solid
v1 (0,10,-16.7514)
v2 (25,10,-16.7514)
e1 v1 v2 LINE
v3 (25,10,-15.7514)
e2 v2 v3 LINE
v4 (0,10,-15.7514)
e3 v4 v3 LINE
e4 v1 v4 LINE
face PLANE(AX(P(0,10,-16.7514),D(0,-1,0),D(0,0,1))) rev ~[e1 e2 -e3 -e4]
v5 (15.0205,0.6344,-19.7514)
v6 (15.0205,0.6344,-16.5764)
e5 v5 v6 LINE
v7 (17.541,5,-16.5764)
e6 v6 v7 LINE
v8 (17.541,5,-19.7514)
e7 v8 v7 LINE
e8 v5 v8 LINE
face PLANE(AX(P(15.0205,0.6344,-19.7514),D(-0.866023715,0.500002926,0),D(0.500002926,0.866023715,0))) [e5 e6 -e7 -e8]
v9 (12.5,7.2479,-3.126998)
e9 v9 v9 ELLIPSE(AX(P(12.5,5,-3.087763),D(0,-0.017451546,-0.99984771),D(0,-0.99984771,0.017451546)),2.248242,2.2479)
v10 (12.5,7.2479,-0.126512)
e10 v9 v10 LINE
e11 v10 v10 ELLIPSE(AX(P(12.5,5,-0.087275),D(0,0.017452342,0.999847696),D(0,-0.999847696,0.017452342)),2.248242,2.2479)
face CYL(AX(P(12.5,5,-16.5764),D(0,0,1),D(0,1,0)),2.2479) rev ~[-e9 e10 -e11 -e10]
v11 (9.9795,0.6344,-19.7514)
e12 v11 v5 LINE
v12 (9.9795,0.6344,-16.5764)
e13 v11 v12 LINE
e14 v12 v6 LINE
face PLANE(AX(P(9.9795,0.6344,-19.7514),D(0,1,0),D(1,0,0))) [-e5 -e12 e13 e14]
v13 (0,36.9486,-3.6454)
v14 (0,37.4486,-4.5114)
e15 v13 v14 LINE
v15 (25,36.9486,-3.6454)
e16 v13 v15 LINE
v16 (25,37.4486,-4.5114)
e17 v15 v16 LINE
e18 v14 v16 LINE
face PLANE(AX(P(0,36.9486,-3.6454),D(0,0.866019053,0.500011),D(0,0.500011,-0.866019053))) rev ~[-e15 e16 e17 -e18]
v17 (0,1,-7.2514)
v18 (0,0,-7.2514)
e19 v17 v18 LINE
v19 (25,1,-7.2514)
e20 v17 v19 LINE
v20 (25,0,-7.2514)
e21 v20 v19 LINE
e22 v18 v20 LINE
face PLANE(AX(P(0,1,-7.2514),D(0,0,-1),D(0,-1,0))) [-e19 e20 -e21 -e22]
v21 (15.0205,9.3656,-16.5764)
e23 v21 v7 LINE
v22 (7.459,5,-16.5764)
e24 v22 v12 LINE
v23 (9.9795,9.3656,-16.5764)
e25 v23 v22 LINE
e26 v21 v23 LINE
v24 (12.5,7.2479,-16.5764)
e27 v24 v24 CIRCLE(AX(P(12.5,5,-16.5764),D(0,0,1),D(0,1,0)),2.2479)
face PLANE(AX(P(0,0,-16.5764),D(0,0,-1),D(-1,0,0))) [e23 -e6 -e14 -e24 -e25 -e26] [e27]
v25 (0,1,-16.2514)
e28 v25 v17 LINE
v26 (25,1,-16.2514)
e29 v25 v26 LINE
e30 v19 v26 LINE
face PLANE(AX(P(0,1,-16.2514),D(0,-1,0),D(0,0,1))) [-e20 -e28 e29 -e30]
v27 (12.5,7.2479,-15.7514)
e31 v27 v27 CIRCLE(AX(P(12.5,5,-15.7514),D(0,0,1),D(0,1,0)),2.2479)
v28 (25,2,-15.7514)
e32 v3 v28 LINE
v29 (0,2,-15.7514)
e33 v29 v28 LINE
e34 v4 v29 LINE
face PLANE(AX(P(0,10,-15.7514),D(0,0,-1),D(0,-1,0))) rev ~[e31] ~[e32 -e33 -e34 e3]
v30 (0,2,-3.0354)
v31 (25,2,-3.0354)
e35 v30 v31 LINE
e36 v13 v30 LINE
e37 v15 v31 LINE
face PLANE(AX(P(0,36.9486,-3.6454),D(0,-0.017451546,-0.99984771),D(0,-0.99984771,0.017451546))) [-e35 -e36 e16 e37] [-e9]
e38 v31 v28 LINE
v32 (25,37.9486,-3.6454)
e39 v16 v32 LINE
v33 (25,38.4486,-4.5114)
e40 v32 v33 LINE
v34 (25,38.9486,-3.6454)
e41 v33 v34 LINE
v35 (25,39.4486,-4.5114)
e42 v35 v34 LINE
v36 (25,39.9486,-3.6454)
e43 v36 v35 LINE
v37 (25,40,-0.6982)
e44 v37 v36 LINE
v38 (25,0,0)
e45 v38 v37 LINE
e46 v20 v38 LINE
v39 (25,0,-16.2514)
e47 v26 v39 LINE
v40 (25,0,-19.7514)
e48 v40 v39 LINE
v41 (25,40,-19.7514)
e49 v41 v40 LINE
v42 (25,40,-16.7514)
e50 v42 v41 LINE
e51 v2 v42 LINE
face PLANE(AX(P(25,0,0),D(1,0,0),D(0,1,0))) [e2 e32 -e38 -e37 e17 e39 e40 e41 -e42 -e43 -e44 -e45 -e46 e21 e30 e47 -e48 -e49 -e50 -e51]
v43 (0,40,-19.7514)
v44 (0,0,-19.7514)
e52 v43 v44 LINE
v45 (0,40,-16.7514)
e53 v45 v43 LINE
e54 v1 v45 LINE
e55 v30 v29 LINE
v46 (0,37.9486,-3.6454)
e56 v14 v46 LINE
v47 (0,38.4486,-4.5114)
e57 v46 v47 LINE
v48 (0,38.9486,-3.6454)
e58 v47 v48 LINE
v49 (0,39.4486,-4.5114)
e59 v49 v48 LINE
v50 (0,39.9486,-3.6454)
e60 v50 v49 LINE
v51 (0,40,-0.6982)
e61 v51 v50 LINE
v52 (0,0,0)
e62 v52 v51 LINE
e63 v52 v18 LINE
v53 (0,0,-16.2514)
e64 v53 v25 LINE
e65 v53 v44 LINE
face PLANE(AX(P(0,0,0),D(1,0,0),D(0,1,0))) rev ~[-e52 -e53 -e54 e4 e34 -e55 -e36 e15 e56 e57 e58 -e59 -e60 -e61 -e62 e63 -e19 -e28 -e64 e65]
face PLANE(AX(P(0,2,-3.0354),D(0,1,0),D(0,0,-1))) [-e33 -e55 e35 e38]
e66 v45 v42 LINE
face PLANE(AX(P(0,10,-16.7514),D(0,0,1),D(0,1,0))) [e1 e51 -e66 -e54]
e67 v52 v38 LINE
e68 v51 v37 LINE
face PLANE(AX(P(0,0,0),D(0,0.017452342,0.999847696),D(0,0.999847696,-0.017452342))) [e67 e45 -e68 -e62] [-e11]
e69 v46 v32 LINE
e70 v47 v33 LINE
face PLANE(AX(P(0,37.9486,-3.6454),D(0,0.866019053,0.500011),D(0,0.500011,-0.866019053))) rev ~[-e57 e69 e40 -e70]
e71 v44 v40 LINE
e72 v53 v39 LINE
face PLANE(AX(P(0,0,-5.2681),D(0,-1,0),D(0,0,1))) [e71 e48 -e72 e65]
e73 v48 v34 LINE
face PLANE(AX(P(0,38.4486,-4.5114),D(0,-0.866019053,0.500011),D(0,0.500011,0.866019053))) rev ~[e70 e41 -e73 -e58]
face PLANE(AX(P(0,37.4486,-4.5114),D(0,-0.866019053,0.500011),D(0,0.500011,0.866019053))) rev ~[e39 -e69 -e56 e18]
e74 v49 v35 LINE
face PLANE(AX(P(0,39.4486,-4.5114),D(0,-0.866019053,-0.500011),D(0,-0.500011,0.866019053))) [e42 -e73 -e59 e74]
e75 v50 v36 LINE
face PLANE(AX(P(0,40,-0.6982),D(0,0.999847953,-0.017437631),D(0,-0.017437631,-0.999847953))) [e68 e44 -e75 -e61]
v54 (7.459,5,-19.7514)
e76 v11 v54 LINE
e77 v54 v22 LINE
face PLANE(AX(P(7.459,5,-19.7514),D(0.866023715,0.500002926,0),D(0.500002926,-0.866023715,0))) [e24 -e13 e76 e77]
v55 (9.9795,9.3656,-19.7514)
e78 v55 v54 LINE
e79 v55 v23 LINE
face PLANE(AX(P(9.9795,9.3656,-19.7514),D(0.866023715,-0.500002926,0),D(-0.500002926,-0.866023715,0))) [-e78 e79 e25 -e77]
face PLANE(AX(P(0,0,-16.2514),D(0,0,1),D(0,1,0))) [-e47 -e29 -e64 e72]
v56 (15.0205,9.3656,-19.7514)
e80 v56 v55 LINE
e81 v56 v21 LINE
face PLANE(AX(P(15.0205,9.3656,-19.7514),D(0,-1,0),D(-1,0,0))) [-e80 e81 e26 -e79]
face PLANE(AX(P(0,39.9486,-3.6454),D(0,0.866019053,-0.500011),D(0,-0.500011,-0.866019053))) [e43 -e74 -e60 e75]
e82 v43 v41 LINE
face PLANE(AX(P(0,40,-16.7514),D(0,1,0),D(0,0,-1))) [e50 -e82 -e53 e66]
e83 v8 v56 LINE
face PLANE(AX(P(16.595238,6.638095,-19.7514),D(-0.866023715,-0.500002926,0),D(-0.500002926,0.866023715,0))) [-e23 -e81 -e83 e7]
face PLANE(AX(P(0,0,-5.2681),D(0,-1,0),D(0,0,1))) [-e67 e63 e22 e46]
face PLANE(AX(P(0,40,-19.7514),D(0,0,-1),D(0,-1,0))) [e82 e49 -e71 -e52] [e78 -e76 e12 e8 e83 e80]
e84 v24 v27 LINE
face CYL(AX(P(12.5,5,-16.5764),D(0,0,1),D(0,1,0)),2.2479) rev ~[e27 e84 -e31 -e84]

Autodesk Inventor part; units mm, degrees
ref_plane "YZ Plane" through (0, 0, 0) normal (1, 0, 0) x (0, 1, 0)
ref_plane "XZ Plane" through (0, 0, 0) normal (0, 1, 0) x (-1, 0, 0)
ref_plane "XY Plane" through (0, 0, 0) normal (0, 0, 1) x (1, 0, 0)
sketch "Sketch1" plane through (0, 0, 0) normal (1, 0, 0) x (0, 1, 0)
  line L0 (0, 0) -> (40, -0.6982)
  line L1 (40, -0.6982) -> (39.9486, -3.6454)
  line L2 (39.9486, -3.6454) -> (36.9486, -3.6454)
  line L3 (36.9486, -3.6454) -> (2, -3.0354)
  line L4 (2, -3.0354) -> (2, -16.7514)
  line L5 (2, -16.7514) -> (40, -16.7514)
  line L6 (40, -16.7514) -> (40, -19.7514)
  line L7 (40, -19.7514) -> (0, -19.7514)
  line L8 (0, -19.7514) -> (0, 0)
  line L9 (10, -16.7514) -> (10, -15.7514)
  line L10 (10, -15.7514) -> (2, -15.7514)
  line L11 (39.9486, -3.6454) -> (39.4486, -4.5114)
  line L12 (39.9486, -3.6454) -> (40.9486, -3.6454) construction
  line L13 (39.4486, -4.5114) -> (38.9486, -3.6454)
  line L14 (36.9486, -3.6454) -> (37.4486, -4.5114)
  line L15 (37.4486, -4.5114) -> (37.9486, -3.6454)
  line L16 (37.9486, -3.6454) -> (38.4486, -4.5114)
  line L17 (38.4486, -4.5114) -> (38.9486, -3.6454)
  line L18 (0, -5.2681) -> (1, -5.2681)
  line L19 (1, -5.2681) -> (1, -14.2681)
  line L20 (1, -14.2681) -> (0, -14.2681)
  dimension "d5" = 40
  dimension "d6" = 13.716
  dimension "d7" = 3
  dimension "d8" = 3
  dimension "d9" = 40
  dimension "d10" = 3
  dimension "d11" = 2
  dimension "d12" = 89
  dimension "d13" = 1
  dimension "d14" = 30
  dimension "d15" = 1
  dimension "d16" = 120
  dimension "d17" = 120
  dimension "d18" = 60
  dimension "d19" = 60
  dimension "d20" = 1
  dimension "d33" = 1
  dimension "d34" = 9
extrude "Extrusion1" add sketch "Sketch1" along normal blind 25
sketch "Sketch2" plane through (0, 0, -19.7514) normal (0, 0, -1) x (-1, 0, 0)
  line L0 (0, 10) -> (-25, 10) projected
  line L1 (-25, 10) -> (0, 0)
  line L2 (-7.459, 5) -> (-9.9795, 0.6344)
  line L3 (-9.9795, 0.6344) -> (-15.0205, 0.6344)
  line L4 (-15.0205, 0.6344) -> (-17.541, 5)
  line L5 (-17.541, 5) -> (-15.0205, 9.3656)
  line L6 (-15.0205, 9.3656) -> (-9.9795, 9.3656)
  line L7 (-9.9795, 9.3656) -> (-7.459, 5)
  point P0 (-12.5, 5)
  dimension "d23" = 8.7312
extrude "Extrusion2" cut sketch "Sketch2" against normal blind 3.175
sketch "Sketch3" plane through (0, 0, -16.5764) normal (0, 0, -1) x (-1, 0, 0)
  point P0 (0, 0)
  point P1 (-12.5, 5)
hole "Hole1" at (12.5, 5, -16.5764) direction (0, 0, 1) diameter 4.4958 end through all
sketch "Sketch4" plane through (0, 0, 0) normal (-1, 0, 0) x (0, 0, 1)
  line L0 (-19.7514, 0) -> (-19.7514, 40) projected
  line L1 (0, 0) -> (-19.7514, 0) projected
  line L2 (-7.2514, 0) -> (-16.2514, 0)
  line L3 (-16.2514, 0) -> (-16.2514, 1)
  line L4 (-16.2514, 1) -> (-7.2514, 1)
  line L5 (-7.2514, 1) -> (-7.2514, 0)
  dimension "d35" = 9
  dimension "d36" = 1
  dimension "d38" = 3.5
extrude "Extrusion3" cut sketch "Sketch4" against normal through all
equation "\"d6\" = StretcherDepth"
equation "\"d8\" = d7"
equation "\"d9\" = d5"
equation "\"StretcherDepth\" = 13.716"
properties part number "MotorClip"
